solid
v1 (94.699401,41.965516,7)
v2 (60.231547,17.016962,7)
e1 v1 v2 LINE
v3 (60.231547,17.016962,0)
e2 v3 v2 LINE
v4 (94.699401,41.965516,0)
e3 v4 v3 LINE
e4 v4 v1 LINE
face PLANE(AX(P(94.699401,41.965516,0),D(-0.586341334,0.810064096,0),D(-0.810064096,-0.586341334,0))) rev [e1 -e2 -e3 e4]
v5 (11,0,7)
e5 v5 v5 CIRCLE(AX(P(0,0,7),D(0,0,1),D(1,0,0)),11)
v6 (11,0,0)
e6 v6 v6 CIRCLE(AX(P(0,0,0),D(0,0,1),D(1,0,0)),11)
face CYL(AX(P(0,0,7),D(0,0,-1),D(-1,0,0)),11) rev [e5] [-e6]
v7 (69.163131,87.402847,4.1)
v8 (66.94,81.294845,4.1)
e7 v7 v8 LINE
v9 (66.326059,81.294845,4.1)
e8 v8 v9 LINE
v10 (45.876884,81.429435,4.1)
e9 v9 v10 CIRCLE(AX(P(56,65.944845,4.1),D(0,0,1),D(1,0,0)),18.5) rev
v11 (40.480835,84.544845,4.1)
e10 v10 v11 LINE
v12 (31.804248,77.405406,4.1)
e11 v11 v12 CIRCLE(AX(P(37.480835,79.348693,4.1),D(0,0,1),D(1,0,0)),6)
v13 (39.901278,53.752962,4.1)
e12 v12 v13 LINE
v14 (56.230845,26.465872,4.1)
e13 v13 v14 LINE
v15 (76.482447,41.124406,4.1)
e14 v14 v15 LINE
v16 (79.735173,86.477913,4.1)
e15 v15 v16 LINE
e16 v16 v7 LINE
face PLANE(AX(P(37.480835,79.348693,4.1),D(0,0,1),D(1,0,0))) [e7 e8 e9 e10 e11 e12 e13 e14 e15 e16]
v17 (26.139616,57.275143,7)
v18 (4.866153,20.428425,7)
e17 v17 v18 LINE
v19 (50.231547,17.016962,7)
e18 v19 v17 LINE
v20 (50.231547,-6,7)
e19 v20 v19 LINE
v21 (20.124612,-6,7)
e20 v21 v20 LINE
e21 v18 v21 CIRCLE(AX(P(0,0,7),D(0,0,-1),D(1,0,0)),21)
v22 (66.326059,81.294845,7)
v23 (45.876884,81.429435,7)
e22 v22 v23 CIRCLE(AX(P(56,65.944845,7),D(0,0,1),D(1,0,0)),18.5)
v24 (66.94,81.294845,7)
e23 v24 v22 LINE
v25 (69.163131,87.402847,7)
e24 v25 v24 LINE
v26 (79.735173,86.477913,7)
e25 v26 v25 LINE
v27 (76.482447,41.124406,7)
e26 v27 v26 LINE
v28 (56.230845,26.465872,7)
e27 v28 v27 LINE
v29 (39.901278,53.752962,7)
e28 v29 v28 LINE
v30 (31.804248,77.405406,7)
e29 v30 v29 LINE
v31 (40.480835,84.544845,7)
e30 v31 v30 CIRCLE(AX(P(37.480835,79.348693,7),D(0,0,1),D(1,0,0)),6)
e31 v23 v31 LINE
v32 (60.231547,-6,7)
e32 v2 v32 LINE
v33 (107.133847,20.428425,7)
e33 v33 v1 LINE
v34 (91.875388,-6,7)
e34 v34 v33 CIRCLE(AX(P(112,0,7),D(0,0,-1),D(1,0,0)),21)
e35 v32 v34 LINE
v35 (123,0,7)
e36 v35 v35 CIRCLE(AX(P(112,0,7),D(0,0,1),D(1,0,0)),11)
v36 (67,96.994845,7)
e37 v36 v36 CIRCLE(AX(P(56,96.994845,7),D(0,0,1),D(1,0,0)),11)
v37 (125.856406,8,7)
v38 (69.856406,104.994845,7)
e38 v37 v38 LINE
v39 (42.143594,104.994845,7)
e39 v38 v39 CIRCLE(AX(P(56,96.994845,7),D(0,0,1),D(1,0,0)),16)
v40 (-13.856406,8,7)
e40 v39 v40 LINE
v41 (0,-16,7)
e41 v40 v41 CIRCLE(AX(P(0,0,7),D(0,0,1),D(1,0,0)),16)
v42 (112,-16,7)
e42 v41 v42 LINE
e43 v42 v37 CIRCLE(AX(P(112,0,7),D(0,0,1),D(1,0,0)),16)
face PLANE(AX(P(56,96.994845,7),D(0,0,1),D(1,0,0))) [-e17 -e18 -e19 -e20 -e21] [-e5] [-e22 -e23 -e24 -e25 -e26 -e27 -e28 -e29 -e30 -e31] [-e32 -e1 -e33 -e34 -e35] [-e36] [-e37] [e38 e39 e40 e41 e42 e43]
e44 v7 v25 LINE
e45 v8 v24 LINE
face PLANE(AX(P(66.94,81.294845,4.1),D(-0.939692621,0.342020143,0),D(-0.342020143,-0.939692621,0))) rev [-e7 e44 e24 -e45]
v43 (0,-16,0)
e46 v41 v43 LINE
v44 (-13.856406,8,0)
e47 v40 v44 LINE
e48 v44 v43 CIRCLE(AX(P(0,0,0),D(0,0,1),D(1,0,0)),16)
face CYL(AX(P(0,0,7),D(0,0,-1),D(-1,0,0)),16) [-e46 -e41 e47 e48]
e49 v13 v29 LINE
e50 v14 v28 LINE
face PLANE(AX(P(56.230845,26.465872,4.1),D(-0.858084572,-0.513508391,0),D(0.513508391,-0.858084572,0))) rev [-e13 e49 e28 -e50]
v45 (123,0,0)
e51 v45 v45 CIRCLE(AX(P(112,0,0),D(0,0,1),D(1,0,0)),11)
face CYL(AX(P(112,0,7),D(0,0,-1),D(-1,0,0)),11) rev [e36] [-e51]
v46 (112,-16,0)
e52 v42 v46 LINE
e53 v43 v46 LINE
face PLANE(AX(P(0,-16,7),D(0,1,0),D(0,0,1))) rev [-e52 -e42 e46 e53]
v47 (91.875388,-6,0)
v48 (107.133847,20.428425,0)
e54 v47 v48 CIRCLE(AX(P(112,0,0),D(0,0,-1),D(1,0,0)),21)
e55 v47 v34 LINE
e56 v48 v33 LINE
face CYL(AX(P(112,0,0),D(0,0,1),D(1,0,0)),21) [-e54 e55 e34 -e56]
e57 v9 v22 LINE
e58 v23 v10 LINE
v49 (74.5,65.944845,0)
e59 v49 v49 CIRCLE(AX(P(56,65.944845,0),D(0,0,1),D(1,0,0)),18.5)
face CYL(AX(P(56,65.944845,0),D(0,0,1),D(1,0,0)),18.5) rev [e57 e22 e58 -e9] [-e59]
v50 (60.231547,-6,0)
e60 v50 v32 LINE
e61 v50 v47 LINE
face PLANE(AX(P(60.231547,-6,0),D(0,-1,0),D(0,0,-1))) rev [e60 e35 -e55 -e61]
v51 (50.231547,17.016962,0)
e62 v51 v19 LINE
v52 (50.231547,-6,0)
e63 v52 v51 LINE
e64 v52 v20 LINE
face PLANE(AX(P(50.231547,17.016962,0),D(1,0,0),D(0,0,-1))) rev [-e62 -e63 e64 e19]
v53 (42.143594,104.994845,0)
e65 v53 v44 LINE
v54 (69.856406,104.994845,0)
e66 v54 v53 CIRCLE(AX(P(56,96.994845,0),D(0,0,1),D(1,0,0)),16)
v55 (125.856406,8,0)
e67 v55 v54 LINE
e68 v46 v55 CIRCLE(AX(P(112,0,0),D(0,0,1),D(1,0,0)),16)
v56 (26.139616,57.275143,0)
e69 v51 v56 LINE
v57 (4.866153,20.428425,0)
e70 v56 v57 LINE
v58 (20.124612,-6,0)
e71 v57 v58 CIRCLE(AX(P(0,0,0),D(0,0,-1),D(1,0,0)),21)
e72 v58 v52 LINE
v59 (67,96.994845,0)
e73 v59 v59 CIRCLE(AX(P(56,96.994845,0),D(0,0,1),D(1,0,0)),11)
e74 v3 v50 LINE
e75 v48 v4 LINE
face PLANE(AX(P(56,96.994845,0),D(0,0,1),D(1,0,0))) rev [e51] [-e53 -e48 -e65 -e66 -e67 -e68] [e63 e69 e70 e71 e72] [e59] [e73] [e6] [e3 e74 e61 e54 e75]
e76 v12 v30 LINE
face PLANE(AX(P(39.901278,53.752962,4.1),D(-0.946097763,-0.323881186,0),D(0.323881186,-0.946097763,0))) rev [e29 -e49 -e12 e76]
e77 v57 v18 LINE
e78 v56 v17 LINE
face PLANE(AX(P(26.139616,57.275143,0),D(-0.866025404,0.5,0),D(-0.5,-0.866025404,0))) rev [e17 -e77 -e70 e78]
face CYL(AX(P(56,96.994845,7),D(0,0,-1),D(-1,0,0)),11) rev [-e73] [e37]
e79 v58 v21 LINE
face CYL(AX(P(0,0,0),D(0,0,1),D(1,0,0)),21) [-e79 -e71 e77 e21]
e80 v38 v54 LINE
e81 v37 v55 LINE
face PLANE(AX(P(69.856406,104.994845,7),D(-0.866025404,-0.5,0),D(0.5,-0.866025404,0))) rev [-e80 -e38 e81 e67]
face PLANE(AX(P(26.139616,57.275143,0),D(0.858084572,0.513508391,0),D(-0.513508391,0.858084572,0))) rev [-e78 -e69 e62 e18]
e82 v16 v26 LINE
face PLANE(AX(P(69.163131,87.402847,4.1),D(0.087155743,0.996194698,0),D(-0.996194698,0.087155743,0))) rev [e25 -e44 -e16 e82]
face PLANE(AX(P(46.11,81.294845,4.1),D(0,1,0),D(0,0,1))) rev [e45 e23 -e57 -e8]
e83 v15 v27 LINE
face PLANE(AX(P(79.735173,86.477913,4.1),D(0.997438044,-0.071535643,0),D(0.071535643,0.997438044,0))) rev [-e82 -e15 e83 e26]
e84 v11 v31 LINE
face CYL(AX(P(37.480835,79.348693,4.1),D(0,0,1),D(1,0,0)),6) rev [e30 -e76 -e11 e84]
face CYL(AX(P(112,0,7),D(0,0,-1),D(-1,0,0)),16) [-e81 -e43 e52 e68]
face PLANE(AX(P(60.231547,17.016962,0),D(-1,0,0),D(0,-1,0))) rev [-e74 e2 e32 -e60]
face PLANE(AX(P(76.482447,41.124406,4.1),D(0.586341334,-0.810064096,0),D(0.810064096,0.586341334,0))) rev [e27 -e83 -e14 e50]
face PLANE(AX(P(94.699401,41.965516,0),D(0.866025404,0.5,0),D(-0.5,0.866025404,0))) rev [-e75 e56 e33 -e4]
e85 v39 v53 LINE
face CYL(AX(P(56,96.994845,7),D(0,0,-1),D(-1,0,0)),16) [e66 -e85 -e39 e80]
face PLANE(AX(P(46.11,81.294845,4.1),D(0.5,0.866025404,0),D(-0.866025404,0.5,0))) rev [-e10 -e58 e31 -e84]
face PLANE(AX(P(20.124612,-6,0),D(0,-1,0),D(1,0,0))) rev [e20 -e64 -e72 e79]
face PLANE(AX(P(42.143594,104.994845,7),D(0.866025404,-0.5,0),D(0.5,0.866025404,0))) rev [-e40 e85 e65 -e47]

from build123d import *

# Parameters (mm, degrees)
SKETCH1_R           = 11
BOSS_EXTRUDE1_DEPTH = 7
SKETCH3_R           = 18.5
CUT_EXTRUDE1_DEPTH  = 8
CUT_EXTRUDE2_DEPTH  = 2.9
CUT_EXTRUDE3_DEPTH  = 8


with BuildPart() as part:
    # Sketch1 → Boss-Extrude1 (new body)
    with BuildSketch(Plane.XY):
        with BuildLine():
            Line((42.143593539, 104.994845224), (-13.856406461, 8))
            ThreePointArc((-13.856406461, 8), (-13.856406461, -8), (0, -16))
            Line((0, -16), (112, -16))
            ThreePointArc((112, -16), (125.856406461, -8), (125.856406461, 8))
            Line((125.856406461, 8), (69.856406461, 104.994845224))
            ThreePointArc((69.856406461, 104.994845224), (56, 112.994845224), (42.143593539, 104.994845224))
        make_face()
        Circle(SKETCH1_R, mode=Mode.SUBTRACT)
        with Locations((112, 0)):
            Circle(SKETCH1_R, mode=Mode.SUBTRACT)
        with Locations((56, 96.994845224)):
            Circle(SKETCH1_R, mode=Mode.SUBTRACT)
    extrude(amount=BOSS_EXTRUDE1_DEPTH)

    # Sketch3 → Cut-Extrude1 (cut, through all)
    with BuildSketch(Plane.XY.offset(7)):
        with Locations((56, 65.944845224)):
            Circle(SKETCH3_R)
    extrude(amount=-CUT_EXTRUDE1_DEPTH, mode=Mode.SUBTRACT)

    # Sketch4 → Cut-Extrude2 (cut)
    with BuildSketch(Plane.XY.offset(7)):
        with BuildLine():
            Line((46.11, 81.294845224), (66.94, 81.294845224))
            Line((66.94, 81.294845224), (69.163130932, 87.402847259))
            Line((69.163130932, 87.402847259), (79.735172855, 86.47791344))
            Line((79.735172855, 86.47791344), (76.482447168, 41.124405576))
            Line((76.482447168, 41.124405576), (56.230844768, 26.465872217))
            Line((56.230844768, 26.465872217), (39.901277947, 53.752961607))
            Line((39.901277947, 53.752961607), (31.804248297, 77.405405685))
            ThreePointArc((31.804248297, 77.405405685), (33.66849594, 83.981842037), (40.480834875, 84.544845224))
            Line((40.480834875, 84.544845224), (46.11, 81.294845224))
        make_face()
    extrude(amount=-CUT_EXTRUDE2_DEPTH, mode=Mode.SUBTRACT)

    # Sketch5 → Cut-Extrude3 (cut, through all)
    with BuildSketch(Plane.XY.offset(7)):
        with BuildLine():
            Line((26.139616059, 57.275143104), (4.866153476, 20.428425058))
            ThreePointArc((4.866153476, 20.428425058), (18.186533479, 10.5), (20.124611797, -6))
            Line((20.124611797, -6), (50.231546624, -6))
            Line((50.231546624, -6), (50.231546624, 17.016961725))
            Line((50.231546624, 17.016961725), (26.139616059, 57.275143104))
        make_face()
        with BuildLine():
            Line((60.231546624, 17.016961725), (60.231546624, -6))
            Line((60.231546624, -6), (91.875388203, -6))
            ThreePointArc((91.875388203, -6), (93.813466521, 10.5), (107.133846524, 20.428425058))
            Line((107.133846524, 20.428425058), (94.699401361, 41.965515845))
            Line((94.699401361, 41.965515845), (60.231546624, 17.016961725))
        make_face()
    extrude(amount=-CUT_EXTRUDE3_DEPTH, mode=Mode.SUBTRACT)


solid = part.part
